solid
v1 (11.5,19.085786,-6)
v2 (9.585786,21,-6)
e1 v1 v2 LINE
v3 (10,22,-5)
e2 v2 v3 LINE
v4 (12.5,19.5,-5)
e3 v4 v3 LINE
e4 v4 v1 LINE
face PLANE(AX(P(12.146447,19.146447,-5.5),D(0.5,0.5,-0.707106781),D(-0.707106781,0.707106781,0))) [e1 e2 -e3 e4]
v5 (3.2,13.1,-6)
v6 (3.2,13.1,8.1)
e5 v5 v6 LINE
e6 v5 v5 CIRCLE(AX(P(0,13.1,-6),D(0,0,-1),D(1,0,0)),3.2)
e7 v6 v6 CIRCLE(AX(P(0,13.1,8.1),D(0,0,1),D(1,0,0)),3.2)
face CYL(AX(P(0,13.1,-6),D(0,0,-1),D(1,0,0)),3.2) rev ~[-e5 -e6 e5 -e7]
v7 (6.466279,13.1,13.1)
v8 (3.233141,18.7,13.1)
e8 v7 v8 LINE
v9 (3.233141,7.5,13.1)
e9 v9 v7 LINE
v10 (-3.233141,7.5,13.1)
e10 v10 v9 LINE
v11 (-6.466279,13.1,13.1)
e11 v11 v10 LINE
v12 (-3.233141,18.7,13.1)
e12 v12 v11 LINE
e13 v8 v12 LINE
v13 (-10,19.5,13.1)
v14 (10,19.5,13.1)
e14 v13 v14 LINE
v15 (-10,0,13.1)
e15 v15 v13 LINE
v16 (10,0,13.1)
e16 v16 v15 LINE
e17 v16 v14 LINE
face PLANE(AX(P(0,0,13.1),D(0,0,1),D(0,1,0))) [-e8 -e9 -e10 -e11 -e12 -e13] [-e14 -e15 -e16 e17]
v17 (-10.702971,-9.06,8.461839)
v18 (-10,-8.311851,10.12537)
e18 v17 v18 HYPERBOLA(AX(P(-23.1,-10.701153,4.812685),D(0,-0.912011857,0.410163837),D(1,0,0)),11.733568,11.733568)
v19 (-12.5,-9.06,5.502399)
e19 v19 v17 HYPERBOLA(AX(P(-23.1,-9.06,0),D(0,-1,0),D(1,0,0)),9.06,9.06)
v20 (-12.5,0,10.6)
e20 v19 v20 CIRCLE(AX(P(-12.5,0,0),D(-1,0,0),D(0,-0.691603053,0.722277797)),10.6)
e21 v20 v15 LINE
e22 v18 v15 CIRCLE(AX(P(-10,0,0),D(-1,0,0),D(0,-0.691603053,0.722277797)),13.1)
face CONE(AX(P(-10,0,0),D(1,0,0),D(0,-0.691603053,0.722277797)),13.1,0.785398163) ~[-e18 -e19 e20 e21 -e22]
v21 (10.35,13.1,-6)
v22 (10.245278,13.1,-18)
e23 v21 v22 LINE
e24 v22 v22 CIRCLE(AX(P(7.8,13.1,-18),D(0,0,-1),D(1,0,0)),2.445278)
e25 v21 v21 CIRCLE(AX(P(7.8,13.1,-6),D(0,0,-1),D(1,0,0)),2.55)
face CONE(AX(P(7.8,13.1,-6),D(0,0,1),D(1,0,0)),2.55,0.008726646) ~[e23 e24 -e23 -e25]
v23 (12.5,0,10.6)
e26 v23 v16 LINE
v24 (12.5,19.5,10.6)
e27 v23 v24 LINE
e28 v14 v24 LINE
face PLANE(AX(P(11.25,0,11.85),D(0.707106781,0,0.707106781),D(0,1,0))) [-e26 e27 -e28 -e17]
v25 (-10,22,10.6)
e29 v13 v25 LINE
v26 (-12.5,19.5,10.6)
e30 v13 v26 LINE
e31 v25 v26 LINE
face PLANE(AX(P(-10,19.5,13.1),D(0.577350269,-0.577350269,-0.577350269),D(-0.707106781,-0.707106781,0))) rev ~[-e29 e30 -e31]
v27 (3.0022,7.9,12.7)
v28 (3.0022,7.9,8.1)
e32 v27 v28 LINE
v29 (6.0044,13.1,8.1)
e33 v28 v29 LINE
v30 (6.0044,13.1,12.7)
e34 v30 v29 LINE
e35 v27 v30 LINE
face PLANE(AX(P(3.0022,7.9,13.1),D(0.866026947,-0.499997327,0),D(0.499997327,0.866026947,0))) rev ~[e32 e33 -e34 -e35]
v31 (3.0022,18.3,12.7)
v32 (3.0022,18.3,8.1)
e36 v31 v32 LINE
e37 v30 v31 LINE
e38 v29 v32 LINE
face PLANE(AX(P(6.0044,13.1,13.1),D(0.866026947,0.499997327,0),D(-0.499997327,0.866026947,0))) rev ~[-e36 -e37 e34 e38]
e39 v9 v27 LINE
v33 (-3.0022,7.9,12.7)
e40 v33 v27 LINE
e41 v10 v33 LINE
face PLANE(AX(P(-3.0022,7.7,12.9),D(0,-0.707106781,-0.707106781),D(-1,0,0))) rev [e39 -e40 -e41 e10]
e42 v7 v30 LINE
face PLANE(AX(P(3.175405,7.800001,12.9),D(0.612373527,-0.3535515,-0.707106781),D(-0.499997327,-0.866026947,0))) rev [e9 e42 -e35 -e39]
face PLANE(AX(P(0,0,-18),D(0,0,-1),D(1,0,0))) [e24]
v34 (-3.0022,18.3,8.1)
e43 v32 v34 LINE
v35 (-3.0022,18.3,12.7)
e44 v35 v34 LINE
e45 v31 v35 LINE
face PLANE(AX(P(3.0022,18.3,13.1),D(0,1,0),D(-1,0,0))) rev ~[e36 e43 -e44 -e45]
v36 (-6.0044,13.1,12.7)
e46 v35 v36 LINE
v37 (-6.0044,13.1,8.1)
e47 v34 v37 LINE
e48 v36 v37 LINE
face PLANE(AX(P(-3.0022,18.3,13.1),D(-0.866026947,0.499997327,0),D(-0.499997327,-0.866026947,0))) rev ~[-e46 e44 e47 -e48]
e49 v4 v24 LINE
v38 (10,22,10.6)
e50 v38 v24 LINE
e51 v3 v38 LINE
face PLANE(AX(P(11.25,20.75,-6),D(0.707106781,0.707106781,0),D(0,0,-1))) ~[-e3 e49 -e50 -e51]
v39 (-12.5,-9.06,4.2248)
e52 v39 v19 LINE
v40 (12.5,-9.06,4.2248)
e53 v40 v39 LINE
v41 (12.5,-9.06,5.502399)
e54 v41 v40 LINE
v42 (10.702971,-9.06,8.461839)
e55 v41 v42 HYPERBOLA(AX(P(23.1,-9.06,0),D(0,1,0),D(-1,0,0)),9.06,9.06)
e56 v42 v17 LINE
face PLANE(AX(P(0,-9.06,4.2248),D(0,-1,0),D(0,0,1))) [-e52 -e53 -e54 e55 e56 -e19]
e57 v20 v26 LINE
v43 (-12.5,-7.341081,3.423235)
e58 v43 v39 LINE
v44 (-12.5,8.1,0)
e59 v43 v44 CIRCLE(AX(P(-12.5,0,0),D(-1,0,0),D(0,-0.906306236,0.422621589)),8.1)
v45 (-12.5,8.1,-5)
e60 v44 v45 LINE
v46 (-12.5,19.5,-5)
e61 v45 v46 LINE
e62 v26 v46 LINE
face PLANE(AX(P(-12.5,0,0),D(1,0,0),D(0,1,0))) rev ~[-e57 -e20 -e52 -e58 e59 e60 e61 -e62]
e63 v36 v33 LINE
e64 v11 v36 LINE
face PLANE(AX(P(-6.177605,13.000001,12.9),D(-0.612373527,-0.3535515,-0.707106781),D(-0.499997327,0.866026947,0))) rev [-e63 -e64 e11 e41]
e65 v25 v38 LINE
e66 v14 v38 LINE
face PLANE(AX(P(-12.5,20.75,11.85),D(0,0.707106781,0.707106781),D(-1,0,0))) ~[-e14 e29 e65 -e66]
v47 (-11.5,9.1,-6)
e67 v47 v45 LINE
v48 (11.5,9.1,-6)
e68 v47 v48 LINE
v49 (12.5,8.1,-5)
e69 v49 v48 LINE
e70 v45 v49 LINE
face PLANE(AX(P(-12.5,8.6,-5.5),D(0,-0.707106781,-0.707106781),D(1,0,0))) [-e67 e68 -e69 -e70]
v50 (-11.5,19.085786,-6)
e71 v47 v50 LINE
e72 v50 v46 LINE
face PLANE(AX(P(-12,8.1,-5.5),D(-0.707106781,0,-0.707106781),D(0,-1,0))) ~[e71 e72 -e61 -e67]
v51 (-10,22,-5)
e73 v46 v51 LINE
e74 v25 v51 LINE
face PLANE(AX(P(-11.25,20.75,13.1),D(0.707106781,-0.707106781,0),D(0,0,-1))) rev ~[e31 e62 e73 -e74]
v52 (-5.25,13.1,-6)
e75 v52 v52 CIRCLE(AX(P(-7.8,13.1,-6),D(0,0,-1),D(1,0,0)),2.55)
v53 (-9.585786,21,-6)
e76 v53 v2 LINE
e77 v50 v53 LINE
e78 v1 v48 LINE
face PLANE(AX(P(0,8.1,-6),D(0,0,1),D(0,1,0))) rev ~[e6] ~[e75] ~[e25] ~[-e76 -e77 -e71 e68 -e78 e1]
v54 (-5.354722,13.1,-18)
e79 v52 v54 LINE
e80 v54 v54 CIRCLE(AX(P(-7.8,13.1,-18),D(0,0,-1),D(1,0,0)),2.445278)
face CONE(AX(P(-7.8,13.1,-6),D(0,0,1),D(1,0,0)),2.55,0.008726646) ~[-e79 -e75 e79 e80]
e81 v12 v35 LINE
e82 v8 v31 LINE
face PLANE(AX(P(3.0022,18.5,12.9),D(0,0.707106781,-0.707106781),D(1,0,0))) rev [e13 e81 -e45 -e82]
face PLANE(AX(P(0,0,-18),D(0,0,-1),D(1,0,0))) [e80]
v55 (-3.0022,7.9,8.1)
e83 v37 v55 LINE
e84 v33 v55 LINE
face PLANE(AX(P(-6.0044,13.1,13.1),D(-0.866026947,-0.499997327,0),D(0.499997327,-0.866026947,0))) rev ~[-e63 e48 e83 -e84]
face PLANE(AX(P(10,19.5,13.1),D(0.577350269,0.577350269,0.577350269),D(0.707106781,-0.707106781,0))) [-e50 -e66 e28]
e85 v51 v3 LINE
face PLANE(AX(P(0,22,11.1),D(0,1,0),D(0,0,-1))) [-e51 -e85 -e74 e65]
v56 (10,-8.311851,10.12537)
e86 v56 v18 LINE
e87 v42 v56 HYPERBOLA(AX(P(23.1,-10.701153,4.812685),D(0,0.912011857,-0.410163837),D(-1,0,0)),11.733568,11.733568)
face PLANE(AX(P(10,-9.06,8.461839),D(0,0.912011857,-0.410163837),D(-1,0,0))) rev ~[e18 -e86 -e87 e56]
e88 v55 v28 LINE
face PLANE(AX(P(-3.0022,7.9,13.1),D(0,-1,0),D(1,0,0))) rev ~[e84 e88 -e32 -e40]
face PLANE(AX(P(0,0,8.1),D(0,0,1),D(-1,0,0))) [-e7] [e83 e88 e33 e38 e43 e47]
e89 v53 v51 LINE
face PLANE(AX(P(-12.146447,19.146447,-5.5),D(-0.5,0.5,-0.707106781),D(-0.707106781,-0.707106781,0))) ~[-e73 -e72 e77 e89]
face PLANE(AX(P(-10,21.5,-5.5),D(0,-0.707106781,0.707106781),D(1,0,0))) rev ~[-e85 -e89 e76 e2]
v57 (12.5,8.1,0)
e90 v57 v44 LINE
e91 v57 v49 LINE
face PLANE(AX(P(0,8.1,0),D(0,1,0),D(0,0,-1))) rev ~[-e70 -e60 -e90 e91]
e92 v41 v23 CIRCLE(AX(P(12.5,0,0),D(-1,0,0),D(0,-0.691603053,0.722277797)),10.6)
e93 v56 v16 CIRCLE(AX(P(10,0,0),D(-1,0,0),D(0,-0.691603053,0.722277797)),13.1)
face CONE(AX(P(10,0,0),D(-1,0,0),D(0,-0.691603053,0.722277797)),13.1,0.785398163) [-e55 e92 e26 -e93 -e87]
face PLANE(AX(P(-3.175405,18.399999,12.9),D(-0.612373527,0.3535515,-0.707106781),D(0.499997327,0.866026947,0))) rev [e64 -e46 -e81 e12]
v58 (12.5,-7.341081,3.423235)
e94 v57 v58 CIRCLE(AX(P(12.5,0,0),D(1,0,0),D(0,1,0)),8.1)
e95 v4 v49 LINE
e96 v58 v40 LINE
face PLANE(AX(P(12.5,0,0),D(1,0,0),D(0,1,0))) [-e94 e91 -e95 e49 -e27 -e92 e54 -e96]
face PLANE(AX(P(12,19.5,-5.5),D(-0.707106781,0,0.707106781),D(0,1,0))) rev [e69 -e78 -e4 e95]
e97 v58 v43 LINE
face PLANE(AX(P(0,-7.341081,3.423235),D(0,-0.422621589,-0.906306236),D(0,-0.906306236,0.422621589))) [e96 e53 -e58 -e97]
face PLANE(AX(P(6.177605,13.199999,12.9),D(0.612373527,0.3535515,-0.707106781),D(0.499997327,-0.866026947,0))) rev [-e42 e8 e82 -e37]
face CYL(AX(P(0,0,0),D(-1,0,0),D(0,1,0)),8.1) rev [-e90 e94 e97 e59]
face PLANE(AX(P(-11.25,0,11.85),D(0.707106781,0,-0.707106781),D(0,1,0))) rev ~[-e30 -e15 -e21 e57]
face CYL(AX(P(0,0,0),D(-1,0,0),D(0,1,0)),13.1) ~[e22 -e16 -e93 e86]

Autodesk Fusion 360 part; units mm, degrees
sketch "Sketch1" plane through (0, 0, 0) normal (1, 0, 0) x (0, 1, 0)
  line L0 (7.7961, -6) -> (22, -6)
  line L1 (8.1, 0) -> (8.1, -8)
  circle A0 centre (0, 0) radius 11.1
  line L2 (0, 11.1) -> (22, 11.1)
  line L3 (22, 11.1) -> (22, -8)
  circle A1 centre (0, 0) radius 8.1
  line L4 (0, 0) -> (-8.1139, 8.1139)
  line L5 (0, 0) -> (-10.06, 4.6911)
  circle A2 centre (0, 0) radius 6.5
  circle A3 centre (0, 0) radius 13.1
  line L6 (-10.06, 4.6911) -> (-10.06, 9.7741)
  line L7 (0, 13.1) -> (22, 13.1)
  line L8 (22, 13.1) -> (22, 11.1)
  line L9 (-9.06, 4.2248) -> (-9.06, 9.7741)
  dimension "d179" = 3
  dimension "d181" = 16.2
  dimension "d182" = 20
  dimension "d6" = 5
  dimension "d33" = 22
extrude "Extrude1" add sketch "Sketch1" along normal mid plane 25 contours L0 L1 A0 A1 L4 | L0 A0 L2 A3 | L0 L2 L3 A3 | A0 A1 L4 L5 L9 | A0 L2 A3 L9 | L2 A3 L7 L8
sketch "Sketch2" plane through (0, 0, -6) normal (0, 0, -1) x (1, 0, 0)
  line L0 (-12.5, -22) -> (12.5, -22)
  line L1 (12.5, -22) -> (12.5, -8.1)
  line L2 (12.5, -8.1) -> (-12.5, -8.1)
  line L3 (-12.5, -8.1) -> (-12.5, -22)
  circle A0 centre (-11.3, 12.8) radius 2.55
  circle A1 centre (-11.3, 12.8) radius 1
  circle A2 centre (4.3, 12.8) radius 2.55
  circle A3 centre (4.3, 12.8) radius 1
  circle A4 centre (0, -13.1) radius 3.2
  circle A5 centre (-7.8, -13.1) radius 2.55
  circle A6 centre (-7.8, -13.1) radius 2.2
  circle A7 centre (7.8, -13.1) radius 2.55
  circle A8 centre (7.8, -13.1) radius 2.2
  dimension "d233" = 2
  dimension "d234" = 2
  dimension "d240" = 15.6
  dimension "d242" = 5.1
  dimension "d243" = 5.1
  dimension "d162" = 6.4
  dimension "d223" = 5.1
  dimension "d224" = 5.1
  dimension "d225" = 4.4
  dimension "d226" = 4.4
  dimension "d227" = 15.6
  dimension "d20" = 7.8
  dimension "d32" = 5
extrude "Extrude2" add sketch "Sketch2" along normal blind 12 contours A5 | A6 | A7 | A8
draft "Draft1" angle 0.5 neutral plane through (0, 11.6452, -6) pull (0, 0, -1) 2 faces at (-5.2532, 13.2271, -14) (10.3468, 13.2271, -14)
sketch "Sketch3" plane through (0, 0, -6) normal (0, 0, -1) x (1, 0, 0)
extrude "Extrude3" cut sketch "Sketch2" against normal blind 20 contours A4
sketch "Sketch4" plane through (0, 0, 13.1) normal (0, 0, 1) x (-1, 0, 0)
  circle A0 centre (0, -13.1) radius 3.2
  line L0 (12.5, 0) -> (-12.5, 0)
  line L1 (-12.5, 0) -> (-12.5, -22)
  line L2 (-12.5, -22) -> (12.5, -22)
  line L3 (12.5, -22) -> (12.5, 0)
  line L4 (3.0022, -18.3) -> (6.0044, -13.1)
  line L5 (6.0044, -13.1) -> (3.0022, -7.9)
  line L6 (3.0022, -7.9) -> (-3.0022, -7.9)
  line L7 (-3.0022, -7.9) -> (-6.0044, -13.1)
  line L8 (-6.0044, -13.1) -> (-3.0022, -18.3)
  line L9 (-3.0022, -18.3) -> (3.0022, -18.3)
  point P0 (0, -13.1)
  dimension "d27" = 5.2
extrude "Extrude4" cut sketch "Sketch4" against normal blind 5 contours L4 L5 L6 L7 L8 L9
chamfer "Chamfer2" distance 2.5 angle 45 7 edges at (-12.5, 22, 3.55) (12.5, 22, 3.55) (0, 22, 13.1) (12.5, 11, 13.1) (12.5, -4.8816, 12.1565) (-12.5, 11, 13.1) (-12.5, -4.8816, 12.1565)
chamfer "Chamfer1" distance 1 angle 45 7 edges at (0, -9.06, 9.4618) (12.5, 13.8, -6) (0, 8.1, -6) (0, 22, -6) (-12.5, 13.8, -6) (11.25, 20.75, -6) (-11.25, 20.75, -6)
chamfer "Chamfer3" distance 0.4 angle 45 6 edges at (4.5033, 15.7, 13.1) (0, 18.3, 13.1) (-4.5033, 15.7, 13.1) (-4.5033, 10.5, 13.1) (0, 7.9, 13.1) (4.5033, 10.5, 13.1)
equation "d20 = d227 / 2"
